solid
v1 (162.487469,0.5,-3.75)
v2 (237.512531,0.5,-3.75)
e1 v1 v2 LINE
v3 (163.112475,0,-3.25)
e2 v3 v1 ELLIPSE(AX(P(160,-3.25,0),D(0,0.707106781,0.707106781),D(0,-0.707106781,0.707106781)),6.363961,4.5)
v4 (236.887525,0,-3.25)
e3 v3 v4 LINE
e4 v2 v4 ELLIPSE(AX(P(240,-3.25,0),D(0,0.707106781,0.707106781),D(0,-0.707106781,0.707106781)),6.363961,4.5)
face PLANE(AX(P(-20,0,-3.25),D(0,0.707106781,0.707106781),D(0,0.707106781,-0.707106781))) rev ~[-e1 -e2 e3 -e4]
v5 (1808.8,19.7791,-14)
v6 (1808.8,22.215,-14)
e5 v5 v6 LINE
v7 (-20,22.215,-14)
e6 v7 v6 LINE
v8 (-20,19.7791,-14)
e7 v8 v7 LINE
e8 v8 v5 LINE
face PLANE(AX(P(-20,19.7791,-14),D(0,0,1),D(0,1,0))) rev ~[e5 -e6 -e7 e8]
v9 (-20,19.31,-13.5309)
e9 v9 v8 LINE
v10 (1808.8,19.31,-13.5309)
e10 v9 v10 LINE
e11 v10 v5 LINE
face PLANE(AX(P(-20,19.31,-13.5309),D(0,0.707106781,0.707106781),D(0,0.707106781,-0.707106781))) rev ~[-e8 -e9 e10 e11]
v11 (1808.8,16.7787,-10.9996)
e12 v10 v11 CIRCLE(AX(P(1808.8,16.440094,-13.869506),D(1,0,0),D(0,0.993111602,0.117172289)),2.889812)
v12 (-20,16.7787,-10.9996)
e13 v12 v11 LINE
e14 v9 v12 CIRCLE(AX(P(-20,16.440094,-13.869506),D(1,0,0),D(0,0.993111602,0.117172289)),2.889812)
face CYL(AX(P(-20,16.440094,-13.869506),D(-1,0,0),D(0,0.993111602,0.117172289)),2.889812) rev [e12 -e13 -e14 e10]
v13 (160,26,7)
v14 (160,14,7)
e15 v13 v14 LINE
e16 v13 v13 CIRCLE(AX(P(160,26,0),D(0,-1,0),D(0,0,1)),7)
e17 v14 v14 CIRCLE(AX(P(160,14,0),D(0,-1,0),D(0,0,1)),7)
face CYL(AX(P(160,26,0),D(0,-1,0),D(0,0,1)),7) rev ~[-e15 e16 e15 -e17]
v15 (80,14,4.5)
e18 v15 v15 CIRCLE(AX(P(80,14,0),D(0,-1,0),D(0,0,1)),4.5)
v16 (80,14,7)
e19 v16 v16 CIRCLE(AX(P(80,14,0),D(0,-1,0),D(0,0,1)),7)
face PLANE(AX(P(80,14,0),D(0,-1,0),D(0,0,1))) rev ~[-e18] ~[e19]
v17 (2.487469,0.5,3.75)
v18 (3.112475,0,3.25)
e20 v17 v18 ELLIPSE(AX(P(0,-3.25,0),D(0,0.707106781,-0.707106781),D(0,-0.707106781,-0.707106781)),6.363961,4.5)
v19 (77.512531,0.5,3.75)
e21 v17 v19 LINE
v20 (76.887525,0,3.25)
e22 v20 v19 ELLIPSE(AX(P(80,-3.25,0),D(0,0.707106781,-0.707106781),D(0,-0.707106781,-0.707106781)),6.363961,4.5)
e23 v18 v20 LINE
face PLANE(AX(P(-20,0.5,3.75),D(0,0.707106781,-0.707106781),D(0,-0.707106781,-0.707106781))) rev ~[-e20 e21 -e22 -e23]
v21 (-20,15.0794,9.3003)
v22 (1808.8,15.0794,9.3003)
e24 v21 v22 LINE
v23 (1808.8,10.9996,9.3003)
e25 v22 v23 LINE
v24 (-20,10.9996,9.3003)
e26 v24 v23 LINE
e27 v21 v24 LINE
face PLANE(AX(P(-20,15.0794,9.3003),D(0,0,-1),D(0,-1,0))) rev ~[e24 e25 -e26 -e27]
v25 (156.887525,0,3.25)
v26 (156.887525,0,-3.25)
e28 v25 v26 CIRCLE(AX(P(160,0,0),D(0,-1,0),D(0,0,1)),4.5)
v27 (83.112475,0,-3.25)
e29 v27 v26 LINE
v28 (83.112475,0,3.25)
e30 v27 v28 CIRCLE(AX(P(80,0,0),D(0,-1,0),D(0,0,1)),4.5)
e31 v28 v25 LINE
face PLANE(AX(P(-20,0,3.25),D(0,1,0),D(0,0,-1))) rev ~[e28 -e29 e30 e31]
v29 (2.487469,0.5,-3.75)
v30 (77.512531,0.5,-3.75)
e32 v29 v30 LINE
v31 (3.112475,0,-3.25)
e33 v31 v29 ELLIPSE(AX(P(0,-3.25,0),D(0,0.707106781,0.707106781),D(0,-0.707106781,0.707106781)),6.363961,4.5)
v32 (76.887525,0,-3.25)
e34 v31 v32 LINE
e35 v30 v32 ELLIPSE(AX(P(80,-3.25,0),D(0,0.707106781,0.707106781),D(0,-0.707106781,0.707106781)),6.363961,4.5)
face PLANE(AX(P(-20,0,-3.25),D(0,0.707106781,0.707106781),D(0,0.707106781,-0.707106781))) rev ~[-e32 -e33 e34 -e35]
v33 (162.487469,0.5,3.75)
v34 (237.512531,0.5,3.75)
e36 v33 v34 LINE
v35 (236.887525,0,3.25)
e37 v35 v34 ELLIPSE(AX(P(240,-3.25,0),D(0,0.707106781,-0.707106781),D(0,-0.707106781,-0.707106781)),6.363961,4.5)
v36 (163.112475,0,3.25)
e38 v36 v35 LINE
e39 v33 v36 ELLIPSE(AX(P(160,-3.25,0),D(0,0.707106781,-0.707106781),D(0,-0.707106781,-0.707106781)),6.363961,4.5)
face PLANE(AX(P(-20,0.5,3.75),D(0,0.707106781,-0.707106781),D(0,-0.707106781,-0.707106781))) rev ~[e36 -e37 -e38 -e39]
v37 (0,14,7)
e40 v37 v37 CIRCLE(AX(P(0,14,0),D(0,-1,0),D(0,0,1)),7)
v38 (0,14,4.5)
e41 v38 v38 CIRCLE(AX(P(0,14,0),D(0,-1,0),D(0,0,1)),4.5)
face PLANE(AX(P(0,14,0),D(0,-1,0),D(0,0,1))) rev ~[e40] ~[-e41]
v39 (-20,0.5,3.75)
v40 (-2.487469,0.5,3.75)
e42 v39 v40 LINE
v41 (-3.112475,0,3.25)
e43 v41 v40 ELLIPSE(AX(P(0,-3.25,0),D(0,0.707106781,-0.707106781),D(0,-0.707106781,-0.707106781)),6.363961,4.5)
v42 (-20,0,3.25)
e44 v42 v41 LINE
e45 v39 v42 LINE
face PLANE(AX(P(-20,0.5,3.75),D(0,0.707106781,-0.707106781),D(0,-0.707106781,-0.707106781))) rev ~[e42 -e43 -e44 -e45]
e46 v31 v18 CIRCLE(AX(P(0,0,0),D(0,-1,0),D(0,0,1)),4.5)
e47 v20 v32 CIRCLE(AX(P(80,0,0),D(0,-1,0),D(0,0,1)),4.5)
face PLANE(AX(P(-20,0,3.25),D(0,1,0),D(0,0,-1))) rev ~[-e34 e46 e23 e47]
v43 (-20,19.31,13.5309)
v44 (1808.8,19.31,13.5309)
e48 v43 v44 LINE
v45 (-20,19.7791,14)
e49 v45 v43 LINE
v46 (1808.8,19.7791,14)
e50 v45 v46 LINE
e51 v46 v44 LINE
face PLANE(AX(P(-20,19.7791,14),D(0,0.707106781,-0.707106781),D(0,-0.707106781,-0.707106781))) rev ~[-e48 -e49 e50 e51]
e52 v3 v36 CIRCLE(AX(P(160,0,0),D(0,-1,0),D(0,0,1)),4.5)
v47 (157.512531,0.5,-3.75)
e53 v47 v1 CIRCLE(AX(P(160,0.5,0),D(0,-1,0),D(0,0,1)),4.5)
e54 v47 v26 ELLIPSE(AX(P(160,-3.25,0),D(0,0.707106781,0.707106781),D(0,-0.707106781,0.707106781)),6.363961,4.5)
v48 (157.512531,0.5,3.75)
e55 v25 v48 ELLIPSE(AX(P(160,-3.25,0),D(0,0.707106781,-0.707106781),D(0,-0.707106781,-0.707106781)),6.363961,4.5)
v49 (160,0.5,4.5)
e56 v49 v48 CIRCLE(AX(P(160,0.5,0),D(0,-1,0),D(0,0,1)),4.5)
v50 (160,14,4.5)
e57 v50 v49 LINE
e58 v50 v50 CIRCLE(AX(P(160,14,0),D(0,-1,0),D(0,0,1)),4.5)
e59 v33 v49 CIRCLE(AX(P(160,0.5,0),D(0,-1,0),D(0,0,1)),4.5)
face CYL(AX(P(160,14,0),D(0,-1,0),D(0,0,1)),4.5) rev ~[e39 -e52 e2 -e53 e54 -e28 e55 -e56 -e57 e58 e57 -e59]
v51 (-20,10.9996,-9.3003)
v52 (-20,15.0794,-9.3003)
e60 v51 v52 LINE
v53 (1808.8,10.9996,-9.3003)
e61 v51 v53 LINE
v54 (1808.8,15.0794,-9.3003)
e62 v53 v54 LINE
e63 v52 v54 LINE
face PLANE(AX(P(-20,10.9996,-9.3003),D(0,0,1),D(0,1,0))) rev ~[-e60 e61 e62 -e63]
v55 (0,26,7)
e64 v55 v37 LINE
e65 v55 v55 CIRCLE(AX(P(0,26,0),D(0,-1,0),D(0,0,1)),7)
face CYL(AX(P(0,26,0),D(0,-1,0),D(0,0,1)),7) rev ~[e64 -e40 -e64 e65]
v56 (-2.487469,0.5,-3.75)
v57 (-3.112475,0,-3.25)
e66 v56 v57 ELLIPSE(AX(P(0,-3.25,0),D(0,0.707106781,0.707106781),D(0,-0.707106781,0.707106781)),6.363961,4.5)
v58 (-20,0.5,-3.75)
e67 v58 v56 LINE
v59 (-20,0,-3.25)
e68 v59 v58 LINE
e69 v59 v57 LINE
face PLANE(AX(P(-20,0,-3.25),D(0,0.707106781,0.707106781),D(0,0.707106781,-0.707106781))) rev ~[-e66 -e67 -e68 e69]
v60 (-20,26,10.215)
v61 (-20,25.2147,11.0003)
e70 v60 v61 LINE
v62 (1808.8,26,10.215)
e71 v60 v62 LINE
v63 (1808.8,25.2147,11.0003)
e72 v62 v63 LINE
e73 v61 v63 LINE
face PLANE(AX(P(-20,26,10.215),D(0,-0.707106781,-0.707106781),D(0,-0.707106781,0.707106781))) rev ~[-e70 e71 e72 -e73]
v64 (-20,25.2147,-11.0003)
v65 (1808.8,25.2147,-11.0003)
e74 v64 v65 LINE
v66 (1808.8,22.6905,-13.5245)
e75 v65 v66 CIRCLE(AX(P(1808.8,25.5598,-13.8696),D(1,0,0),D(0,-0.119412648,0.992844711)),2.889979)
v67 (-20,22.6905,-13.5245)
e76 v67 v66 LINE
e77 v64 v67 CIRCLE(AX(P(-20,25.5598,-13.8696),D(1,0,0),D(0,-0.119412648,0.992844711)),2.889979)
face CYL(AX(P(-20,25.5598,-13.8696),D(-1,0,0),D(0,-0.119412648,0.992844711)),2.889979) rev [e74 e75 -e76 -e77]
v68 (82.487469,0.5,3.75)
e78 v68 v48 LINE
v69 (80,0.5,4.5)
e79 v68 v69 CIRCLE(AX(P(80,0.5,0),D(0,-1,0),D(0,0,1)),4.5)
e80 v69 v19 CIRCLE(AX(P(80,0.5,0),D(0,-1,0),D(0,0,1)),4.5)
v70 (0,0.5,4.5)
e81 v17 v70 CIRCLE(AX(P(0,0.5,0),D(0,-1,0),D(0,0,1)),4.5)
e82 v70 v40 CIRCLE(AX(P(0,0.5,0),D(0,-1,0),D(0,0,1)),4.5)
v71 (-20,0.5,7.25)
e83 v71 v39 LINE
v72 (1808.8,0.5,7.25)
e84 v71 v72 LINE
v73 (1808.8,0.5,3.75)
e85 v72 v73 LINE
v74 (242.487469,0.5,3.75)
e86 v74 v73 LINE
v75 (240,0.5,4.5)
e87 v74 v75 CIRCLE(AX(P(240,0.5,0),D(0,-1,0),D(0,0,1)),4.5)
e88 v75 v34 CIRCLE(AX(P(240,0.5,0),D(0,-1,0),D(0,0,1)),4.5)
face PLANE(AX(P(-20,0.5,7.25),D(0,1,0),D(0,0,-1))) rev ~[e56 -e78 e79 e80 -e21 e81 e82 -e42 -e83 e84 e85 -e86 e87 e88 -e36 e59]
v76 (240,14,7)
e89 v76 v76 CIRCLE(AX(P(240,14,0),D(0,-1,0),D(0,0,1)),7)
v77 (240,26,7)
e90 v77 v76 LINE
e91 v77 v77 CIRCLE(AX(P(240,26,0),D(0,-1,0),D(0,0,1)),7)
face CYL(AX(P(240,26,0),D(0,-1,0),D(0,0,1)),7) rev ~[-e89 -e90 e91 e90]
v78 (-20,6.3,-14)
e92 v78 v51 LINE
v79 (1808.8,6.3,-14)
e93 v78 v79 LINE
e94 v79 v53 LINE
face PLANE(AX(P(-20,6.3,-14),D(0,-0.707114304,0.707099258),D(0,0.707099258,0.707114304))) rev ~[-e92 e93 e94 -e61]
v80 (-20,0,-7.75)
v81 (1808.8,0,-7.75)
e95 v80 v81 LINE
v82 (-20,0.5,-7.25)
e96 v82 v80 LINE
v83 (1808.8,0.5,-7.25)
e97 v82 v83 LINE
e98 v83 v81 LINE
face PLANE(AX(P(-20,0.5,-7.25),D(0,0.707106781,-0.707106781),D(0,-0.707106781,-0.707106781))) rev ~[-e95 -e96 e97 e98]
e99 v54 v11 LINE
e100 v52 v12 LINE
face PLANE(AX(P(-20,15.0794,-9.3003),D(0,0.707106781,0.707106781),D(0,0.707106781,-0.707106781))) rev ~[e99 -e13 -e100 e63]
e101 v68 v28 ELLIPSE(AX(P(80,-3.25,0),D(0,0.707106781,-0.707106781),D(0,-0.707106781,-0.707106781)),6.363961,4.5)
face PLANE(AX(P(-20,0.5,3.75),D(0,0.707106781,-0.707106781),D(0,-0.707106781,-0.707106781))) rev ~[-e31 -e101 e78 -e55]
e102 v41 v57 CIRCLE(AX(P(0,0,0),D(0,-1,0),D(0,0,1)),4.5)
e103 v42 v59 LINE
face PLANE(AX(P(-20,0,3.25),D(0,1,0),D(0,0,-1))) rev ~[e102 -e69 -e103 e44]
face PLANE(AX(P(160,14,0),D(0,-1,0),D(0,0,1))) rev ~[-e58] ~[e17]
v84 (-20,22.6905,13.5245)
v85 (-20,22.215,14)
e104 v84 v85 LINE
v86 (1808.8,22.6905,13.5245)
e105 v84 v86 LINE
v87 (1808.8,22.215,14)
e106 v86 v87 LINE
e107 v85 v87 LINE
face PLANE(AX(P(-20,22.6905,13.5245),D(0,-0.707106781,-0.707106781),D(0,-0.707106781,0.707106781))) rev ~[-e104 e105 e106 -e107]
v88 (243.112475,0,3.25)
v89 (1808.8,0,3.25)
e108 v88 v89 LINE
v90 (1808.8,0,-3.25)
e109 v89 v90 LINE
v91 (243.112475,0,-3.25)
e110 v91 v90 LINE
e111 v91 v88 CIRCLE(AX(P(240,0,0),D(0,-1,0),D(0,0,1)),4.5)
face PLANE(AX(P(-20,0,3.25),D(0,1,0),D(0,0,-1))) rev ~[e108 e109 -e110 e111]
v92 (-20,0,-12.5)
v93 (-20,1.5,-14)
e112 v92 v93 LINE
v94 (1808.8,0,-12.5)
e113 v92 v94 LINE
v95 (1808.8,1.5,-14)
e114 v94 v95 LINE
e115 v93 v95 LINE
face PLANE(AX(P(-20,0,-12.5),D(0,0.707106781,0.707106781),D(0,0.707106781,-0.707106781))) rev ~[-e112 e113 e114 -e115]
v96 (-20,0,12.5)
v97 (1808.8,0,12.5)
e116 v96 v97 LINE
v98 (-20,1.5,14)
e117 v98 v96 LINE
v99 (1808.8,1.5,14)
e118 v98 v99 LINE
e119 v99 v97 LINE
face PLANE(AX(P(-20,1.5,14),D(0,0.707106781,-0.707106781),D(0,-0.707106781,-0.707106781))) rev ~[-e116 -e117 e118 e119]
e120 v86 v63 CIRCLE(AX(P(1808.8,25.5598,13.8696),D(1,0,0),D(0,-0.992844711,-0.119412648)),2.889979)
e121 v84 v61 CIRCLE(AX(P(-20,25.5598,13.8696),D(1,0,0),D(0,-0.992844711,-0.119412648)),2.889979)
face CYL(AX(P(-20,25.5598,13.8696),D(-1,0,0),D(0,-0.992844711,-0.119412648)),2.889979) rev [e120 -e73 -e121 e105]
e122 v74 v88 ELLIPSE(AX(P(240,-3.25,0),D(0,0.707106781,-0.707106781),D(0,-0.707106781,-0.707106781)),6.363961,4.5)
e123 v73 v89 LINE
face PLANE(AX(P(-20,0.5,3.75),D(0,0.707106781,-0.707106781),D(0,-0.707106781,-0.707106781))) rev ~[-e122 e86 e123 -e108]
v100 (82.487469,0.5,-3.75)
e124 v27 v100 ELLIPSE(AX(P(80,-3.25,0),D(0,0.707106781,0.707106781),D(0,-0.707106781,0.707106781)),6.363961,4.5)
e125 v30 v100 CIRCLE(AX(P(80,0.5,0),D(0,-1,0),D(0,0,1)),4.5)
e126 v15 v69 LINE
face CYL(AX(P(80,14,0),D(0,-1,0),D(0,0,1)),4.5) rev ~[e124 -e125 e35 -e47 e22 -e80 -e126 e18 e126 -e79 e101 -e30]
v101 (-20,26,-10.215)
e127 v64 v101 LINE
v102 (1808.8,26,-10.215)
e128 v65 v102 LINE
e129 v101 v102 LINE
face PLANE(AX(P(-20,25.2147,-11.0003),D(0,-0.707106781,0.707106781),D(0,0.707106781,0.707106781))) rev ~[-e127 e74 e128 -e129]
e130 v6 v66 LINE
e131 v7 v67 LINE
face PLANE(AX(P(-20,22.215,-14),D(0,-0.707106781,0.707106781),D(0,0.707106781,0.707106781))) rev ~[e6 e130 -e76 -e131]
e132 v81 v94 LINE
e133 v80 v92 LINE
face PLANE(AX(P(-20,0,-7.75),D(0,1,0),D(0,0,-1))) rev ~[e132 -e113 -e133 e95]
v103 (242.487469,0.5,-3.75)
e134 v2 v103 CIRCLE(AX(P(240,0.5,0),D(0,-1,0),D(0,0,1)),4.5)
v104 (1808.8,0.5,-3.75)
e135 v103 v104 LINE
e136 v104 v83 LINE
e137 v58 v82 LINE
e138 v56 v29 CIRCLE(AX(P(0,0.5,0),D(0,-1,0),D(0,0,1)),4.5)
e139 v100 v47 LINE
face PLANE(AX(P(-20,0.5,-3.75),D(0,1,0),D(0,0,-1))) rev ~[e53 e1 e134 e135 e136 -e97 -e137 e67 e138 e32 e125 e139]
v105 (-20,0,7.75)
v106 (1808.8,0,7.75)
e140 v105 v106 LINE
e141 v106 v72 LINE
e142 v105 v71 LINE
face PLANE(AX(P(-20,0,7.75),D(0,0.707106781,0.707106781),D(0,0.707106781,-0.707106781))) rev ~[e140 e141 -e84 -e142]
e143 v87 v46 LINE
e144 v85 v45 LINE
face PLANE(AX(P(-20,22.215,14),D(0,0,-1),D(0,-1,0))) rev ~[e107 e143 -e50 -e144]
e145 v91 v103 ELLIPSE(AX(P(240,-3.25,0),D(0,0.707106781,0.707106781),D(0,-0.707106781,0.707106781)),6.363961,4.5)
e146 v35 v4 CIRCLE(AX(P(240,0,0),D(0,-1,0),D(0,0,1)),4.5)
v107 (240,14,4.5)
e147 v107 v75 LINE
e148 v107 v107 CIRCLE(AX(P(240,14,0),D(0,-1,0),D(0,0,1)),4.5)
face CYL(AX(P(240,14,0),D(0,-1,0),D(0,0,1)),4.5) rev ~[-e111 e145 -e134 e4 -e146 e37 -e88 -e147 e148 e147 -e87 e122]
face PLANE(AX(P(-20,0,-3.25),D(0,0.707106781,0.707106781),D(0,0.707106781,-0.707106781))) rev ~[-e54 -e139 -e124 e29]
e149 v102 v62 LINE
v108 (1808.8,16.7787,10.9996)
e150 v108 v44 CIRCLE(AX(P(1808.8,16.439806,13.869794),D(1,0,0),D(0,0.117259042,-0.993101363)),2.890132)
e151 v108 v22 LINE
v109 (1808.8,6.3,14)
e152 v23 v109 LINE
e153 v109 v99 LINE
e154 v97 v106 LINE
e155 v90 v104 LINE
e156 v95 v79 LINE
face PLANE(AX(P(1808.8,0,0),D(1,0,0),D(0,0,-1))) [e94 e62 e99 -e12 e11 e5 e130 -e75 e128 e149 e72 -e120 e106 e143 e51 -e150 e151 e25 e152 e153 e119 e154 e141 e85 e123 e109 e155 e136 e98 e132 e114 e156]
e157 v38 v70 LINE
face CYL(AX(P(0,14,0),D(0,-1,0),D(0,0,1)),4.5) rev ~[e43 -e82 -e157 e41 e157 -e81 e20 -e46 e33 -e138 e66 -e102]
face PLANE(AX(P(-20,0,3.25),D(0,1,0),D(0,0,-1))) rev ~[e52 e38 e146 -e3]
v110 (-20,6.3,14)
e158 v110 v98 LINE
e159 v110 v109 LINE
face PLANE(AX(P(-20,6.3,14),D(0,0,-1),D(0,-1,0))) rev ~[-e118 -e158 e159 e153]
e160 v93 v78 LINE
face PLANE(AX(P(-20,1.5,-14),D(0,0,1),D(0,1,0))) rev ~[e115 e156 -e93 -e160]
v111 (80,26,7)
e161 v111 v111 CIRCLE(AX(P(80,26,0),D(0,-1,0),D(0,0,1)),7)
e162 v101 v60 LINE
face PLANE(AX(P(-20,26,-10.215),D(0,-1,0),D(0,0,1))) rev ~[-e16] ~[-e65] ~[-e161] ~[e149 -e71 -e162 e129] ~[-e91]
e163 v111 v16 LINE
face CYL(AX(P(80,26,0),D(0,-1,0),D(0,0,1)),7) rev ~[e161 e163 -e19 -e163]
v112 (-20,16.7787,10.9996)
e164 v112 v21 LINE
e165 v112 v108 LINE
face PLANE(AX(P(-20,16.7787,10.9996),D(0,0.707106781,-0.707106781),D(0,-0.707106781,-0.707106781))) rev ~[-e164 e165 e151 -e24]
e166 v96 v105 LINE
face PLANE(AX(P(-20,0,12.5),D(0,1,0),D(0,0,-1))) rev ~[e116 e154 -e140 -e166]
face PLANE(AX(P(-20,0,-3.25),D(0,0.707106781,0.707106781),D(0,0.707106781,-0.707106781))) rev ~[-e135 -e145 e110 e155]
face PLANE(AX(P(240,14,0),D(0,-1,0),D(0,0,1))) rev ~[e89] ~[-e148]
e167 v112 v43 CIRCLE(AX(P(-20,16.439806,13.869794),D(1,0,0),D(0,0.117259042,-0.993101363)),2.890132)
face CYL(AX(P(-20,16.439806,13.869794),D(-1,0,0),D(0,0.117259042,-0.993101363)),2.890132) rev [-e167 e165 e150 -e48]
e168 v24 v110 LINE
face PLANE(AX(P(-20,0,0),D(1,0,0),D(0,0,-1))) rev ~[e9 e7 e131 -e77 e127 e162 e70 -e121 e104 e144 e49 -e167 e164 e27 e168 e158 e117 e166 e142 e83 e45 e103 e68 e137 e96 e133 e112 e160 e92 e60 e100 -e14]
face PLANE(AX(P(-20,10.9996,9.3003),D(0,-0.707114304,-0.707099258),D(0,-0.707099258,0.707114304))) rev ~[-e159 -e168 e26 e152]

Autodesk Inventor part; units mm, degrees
sketch "Sketch_17" plane through (-20, 0, 0) normal (1, 0, 0) x (0, 0, -1)
  line L0 (-14, 1.5) -> (-12.5, 0)
  line L1 (-12.5, 0) -> (-7.75, 0)
  line L2 (-7.75, 0) -> (-7.25, 0.5)
  line L3 (-7.25, 0.5) -> (-3.75, 0.5)
  line L4 (-3.75, 0.5) -> (-3.25, 0)
  line L5 (-3.25, 0) -> (3.25, 0)
  line L6 (3.25, 0) -> (3.75, 0.5)
  line L7 (3.75, 0.5) -> (7.25, 0.5)
  line L8 (7.25, 0.5) -> (7.75, 0)
  line L9 (7.75, 0) -> (12.5, 0)
  line L10 (12.5, 0) -> (14, 1.5)
  line L11 (14, 1.5) -> (14, 6.3)
  line L12 (14, 6.3) -> (9.3003, 10.9996)
  line L13 (9.3003, 10.9996) -> (9.3003, 15.0794)
  line L14 (9.3003, 15.0794) -> (10.9996, 16.7787)
  arc A0 (13.5309, 19.31) -> (10.9996, 16.7787) centre (13.8696, 16.4399) ccw
  line L15 (13.5309, 19.31) -> (14, 19.7791)
  line L16 (14, 19.7791) -> (14, 22.215)
  line L17 (14, 22.215) -> (13.5245, 22.6905)
  arc A1 (11.0003, 25.2147) -> (13.5245, 22.6905) centre (13.8696, 25.5598) ccw
  line L18 (11.0003, 25.2147) -> (10.215, 26)
  line L19 (10.215, 26) -> (-10.215, 26)
  line L20 (-10.215, 26) -> (-11.0003, 25.2147)
  arc A2 (-13.5245, 22.6905) -> (-11.0003, 25.2147) centre (-13.8696, 25.5598) ccw
  line L21 (-13.5245, 22.6905) -> (-14, 22.215)
  line L22 (-14, 22.215) -> (-14, 19.7791)
  line L23 (-14, 19.7791) -> (-13.5309, 19.31)
  arc A3 (-10.9996, 16.7787) -> (-13.5309, 19.31) centre (-13.8696, 16.4399) ccw
  line L24 (-10.9996, 16.7787) -> (-9.3003, 15.0794)
  line L25 (-9.3003, 15.0794) -> (-9.3003, 10.9996)
  line L26 (-9.3003, 10.9996) -> (-14, 6.3)
  line L27 (-14, 6.3) -> (-14, 1.5)
extrude "Extrusion1" add sketch "Sketch_17" along normal blind 1828.8
sketch "Sketch2" plane through (-20, 26, 10.215) normal (0, 1, 0) x (1, 0, 0)
  point P0 (20, 10.215)
hole "Hole1" at (0, 26, 0) direction (0, -1, 0) diameter 9 depth 26 counterbore diameter 14 counterbore depth 12
pattern_linear "Rectangular Pattern1" count 4 spacing 80 along (1, 0, 0) of "Hole1"
ref_plane "4dummy_XY" through (0, 0, 0) normal (1, 0, 0) x (0, 0, -1)
ref_plane "4dummy_YZ" through (0, 0, 0) normal (0, 0, -1) x (0, 1, 0)
ref_plane "4dummy_ZX" through (0, 0, 0) normal (0, 1, 0) x (1, 0, 0)
ref_plane "4slide_XY" through (-20, 7, 0) normal (1, 0, 0) x (0, 0, -1)
ref_plane "4slide_YZ" through (-20, 7, 0) normal (0, 0, -1) x (0, 1, 0)
ref_plane "4slide_ZX" through (-20, 7, 0) normal (0, 1, 0) x (1, 0, 0)
ref_plane "4track_XY" through (0, 0, 0) normal (0, 0, 1) x (1, 0, 0)
ref_plane "4track_YZ" through (0, 0, 0) normal (1, 0, 0) x (0, 1, 0)
ref_plane "4track_ZX" through (0, 0, 0) normal (0, 1, 0) x (0, 0, 1)
properties part number "HSR30A128020 Rail"
